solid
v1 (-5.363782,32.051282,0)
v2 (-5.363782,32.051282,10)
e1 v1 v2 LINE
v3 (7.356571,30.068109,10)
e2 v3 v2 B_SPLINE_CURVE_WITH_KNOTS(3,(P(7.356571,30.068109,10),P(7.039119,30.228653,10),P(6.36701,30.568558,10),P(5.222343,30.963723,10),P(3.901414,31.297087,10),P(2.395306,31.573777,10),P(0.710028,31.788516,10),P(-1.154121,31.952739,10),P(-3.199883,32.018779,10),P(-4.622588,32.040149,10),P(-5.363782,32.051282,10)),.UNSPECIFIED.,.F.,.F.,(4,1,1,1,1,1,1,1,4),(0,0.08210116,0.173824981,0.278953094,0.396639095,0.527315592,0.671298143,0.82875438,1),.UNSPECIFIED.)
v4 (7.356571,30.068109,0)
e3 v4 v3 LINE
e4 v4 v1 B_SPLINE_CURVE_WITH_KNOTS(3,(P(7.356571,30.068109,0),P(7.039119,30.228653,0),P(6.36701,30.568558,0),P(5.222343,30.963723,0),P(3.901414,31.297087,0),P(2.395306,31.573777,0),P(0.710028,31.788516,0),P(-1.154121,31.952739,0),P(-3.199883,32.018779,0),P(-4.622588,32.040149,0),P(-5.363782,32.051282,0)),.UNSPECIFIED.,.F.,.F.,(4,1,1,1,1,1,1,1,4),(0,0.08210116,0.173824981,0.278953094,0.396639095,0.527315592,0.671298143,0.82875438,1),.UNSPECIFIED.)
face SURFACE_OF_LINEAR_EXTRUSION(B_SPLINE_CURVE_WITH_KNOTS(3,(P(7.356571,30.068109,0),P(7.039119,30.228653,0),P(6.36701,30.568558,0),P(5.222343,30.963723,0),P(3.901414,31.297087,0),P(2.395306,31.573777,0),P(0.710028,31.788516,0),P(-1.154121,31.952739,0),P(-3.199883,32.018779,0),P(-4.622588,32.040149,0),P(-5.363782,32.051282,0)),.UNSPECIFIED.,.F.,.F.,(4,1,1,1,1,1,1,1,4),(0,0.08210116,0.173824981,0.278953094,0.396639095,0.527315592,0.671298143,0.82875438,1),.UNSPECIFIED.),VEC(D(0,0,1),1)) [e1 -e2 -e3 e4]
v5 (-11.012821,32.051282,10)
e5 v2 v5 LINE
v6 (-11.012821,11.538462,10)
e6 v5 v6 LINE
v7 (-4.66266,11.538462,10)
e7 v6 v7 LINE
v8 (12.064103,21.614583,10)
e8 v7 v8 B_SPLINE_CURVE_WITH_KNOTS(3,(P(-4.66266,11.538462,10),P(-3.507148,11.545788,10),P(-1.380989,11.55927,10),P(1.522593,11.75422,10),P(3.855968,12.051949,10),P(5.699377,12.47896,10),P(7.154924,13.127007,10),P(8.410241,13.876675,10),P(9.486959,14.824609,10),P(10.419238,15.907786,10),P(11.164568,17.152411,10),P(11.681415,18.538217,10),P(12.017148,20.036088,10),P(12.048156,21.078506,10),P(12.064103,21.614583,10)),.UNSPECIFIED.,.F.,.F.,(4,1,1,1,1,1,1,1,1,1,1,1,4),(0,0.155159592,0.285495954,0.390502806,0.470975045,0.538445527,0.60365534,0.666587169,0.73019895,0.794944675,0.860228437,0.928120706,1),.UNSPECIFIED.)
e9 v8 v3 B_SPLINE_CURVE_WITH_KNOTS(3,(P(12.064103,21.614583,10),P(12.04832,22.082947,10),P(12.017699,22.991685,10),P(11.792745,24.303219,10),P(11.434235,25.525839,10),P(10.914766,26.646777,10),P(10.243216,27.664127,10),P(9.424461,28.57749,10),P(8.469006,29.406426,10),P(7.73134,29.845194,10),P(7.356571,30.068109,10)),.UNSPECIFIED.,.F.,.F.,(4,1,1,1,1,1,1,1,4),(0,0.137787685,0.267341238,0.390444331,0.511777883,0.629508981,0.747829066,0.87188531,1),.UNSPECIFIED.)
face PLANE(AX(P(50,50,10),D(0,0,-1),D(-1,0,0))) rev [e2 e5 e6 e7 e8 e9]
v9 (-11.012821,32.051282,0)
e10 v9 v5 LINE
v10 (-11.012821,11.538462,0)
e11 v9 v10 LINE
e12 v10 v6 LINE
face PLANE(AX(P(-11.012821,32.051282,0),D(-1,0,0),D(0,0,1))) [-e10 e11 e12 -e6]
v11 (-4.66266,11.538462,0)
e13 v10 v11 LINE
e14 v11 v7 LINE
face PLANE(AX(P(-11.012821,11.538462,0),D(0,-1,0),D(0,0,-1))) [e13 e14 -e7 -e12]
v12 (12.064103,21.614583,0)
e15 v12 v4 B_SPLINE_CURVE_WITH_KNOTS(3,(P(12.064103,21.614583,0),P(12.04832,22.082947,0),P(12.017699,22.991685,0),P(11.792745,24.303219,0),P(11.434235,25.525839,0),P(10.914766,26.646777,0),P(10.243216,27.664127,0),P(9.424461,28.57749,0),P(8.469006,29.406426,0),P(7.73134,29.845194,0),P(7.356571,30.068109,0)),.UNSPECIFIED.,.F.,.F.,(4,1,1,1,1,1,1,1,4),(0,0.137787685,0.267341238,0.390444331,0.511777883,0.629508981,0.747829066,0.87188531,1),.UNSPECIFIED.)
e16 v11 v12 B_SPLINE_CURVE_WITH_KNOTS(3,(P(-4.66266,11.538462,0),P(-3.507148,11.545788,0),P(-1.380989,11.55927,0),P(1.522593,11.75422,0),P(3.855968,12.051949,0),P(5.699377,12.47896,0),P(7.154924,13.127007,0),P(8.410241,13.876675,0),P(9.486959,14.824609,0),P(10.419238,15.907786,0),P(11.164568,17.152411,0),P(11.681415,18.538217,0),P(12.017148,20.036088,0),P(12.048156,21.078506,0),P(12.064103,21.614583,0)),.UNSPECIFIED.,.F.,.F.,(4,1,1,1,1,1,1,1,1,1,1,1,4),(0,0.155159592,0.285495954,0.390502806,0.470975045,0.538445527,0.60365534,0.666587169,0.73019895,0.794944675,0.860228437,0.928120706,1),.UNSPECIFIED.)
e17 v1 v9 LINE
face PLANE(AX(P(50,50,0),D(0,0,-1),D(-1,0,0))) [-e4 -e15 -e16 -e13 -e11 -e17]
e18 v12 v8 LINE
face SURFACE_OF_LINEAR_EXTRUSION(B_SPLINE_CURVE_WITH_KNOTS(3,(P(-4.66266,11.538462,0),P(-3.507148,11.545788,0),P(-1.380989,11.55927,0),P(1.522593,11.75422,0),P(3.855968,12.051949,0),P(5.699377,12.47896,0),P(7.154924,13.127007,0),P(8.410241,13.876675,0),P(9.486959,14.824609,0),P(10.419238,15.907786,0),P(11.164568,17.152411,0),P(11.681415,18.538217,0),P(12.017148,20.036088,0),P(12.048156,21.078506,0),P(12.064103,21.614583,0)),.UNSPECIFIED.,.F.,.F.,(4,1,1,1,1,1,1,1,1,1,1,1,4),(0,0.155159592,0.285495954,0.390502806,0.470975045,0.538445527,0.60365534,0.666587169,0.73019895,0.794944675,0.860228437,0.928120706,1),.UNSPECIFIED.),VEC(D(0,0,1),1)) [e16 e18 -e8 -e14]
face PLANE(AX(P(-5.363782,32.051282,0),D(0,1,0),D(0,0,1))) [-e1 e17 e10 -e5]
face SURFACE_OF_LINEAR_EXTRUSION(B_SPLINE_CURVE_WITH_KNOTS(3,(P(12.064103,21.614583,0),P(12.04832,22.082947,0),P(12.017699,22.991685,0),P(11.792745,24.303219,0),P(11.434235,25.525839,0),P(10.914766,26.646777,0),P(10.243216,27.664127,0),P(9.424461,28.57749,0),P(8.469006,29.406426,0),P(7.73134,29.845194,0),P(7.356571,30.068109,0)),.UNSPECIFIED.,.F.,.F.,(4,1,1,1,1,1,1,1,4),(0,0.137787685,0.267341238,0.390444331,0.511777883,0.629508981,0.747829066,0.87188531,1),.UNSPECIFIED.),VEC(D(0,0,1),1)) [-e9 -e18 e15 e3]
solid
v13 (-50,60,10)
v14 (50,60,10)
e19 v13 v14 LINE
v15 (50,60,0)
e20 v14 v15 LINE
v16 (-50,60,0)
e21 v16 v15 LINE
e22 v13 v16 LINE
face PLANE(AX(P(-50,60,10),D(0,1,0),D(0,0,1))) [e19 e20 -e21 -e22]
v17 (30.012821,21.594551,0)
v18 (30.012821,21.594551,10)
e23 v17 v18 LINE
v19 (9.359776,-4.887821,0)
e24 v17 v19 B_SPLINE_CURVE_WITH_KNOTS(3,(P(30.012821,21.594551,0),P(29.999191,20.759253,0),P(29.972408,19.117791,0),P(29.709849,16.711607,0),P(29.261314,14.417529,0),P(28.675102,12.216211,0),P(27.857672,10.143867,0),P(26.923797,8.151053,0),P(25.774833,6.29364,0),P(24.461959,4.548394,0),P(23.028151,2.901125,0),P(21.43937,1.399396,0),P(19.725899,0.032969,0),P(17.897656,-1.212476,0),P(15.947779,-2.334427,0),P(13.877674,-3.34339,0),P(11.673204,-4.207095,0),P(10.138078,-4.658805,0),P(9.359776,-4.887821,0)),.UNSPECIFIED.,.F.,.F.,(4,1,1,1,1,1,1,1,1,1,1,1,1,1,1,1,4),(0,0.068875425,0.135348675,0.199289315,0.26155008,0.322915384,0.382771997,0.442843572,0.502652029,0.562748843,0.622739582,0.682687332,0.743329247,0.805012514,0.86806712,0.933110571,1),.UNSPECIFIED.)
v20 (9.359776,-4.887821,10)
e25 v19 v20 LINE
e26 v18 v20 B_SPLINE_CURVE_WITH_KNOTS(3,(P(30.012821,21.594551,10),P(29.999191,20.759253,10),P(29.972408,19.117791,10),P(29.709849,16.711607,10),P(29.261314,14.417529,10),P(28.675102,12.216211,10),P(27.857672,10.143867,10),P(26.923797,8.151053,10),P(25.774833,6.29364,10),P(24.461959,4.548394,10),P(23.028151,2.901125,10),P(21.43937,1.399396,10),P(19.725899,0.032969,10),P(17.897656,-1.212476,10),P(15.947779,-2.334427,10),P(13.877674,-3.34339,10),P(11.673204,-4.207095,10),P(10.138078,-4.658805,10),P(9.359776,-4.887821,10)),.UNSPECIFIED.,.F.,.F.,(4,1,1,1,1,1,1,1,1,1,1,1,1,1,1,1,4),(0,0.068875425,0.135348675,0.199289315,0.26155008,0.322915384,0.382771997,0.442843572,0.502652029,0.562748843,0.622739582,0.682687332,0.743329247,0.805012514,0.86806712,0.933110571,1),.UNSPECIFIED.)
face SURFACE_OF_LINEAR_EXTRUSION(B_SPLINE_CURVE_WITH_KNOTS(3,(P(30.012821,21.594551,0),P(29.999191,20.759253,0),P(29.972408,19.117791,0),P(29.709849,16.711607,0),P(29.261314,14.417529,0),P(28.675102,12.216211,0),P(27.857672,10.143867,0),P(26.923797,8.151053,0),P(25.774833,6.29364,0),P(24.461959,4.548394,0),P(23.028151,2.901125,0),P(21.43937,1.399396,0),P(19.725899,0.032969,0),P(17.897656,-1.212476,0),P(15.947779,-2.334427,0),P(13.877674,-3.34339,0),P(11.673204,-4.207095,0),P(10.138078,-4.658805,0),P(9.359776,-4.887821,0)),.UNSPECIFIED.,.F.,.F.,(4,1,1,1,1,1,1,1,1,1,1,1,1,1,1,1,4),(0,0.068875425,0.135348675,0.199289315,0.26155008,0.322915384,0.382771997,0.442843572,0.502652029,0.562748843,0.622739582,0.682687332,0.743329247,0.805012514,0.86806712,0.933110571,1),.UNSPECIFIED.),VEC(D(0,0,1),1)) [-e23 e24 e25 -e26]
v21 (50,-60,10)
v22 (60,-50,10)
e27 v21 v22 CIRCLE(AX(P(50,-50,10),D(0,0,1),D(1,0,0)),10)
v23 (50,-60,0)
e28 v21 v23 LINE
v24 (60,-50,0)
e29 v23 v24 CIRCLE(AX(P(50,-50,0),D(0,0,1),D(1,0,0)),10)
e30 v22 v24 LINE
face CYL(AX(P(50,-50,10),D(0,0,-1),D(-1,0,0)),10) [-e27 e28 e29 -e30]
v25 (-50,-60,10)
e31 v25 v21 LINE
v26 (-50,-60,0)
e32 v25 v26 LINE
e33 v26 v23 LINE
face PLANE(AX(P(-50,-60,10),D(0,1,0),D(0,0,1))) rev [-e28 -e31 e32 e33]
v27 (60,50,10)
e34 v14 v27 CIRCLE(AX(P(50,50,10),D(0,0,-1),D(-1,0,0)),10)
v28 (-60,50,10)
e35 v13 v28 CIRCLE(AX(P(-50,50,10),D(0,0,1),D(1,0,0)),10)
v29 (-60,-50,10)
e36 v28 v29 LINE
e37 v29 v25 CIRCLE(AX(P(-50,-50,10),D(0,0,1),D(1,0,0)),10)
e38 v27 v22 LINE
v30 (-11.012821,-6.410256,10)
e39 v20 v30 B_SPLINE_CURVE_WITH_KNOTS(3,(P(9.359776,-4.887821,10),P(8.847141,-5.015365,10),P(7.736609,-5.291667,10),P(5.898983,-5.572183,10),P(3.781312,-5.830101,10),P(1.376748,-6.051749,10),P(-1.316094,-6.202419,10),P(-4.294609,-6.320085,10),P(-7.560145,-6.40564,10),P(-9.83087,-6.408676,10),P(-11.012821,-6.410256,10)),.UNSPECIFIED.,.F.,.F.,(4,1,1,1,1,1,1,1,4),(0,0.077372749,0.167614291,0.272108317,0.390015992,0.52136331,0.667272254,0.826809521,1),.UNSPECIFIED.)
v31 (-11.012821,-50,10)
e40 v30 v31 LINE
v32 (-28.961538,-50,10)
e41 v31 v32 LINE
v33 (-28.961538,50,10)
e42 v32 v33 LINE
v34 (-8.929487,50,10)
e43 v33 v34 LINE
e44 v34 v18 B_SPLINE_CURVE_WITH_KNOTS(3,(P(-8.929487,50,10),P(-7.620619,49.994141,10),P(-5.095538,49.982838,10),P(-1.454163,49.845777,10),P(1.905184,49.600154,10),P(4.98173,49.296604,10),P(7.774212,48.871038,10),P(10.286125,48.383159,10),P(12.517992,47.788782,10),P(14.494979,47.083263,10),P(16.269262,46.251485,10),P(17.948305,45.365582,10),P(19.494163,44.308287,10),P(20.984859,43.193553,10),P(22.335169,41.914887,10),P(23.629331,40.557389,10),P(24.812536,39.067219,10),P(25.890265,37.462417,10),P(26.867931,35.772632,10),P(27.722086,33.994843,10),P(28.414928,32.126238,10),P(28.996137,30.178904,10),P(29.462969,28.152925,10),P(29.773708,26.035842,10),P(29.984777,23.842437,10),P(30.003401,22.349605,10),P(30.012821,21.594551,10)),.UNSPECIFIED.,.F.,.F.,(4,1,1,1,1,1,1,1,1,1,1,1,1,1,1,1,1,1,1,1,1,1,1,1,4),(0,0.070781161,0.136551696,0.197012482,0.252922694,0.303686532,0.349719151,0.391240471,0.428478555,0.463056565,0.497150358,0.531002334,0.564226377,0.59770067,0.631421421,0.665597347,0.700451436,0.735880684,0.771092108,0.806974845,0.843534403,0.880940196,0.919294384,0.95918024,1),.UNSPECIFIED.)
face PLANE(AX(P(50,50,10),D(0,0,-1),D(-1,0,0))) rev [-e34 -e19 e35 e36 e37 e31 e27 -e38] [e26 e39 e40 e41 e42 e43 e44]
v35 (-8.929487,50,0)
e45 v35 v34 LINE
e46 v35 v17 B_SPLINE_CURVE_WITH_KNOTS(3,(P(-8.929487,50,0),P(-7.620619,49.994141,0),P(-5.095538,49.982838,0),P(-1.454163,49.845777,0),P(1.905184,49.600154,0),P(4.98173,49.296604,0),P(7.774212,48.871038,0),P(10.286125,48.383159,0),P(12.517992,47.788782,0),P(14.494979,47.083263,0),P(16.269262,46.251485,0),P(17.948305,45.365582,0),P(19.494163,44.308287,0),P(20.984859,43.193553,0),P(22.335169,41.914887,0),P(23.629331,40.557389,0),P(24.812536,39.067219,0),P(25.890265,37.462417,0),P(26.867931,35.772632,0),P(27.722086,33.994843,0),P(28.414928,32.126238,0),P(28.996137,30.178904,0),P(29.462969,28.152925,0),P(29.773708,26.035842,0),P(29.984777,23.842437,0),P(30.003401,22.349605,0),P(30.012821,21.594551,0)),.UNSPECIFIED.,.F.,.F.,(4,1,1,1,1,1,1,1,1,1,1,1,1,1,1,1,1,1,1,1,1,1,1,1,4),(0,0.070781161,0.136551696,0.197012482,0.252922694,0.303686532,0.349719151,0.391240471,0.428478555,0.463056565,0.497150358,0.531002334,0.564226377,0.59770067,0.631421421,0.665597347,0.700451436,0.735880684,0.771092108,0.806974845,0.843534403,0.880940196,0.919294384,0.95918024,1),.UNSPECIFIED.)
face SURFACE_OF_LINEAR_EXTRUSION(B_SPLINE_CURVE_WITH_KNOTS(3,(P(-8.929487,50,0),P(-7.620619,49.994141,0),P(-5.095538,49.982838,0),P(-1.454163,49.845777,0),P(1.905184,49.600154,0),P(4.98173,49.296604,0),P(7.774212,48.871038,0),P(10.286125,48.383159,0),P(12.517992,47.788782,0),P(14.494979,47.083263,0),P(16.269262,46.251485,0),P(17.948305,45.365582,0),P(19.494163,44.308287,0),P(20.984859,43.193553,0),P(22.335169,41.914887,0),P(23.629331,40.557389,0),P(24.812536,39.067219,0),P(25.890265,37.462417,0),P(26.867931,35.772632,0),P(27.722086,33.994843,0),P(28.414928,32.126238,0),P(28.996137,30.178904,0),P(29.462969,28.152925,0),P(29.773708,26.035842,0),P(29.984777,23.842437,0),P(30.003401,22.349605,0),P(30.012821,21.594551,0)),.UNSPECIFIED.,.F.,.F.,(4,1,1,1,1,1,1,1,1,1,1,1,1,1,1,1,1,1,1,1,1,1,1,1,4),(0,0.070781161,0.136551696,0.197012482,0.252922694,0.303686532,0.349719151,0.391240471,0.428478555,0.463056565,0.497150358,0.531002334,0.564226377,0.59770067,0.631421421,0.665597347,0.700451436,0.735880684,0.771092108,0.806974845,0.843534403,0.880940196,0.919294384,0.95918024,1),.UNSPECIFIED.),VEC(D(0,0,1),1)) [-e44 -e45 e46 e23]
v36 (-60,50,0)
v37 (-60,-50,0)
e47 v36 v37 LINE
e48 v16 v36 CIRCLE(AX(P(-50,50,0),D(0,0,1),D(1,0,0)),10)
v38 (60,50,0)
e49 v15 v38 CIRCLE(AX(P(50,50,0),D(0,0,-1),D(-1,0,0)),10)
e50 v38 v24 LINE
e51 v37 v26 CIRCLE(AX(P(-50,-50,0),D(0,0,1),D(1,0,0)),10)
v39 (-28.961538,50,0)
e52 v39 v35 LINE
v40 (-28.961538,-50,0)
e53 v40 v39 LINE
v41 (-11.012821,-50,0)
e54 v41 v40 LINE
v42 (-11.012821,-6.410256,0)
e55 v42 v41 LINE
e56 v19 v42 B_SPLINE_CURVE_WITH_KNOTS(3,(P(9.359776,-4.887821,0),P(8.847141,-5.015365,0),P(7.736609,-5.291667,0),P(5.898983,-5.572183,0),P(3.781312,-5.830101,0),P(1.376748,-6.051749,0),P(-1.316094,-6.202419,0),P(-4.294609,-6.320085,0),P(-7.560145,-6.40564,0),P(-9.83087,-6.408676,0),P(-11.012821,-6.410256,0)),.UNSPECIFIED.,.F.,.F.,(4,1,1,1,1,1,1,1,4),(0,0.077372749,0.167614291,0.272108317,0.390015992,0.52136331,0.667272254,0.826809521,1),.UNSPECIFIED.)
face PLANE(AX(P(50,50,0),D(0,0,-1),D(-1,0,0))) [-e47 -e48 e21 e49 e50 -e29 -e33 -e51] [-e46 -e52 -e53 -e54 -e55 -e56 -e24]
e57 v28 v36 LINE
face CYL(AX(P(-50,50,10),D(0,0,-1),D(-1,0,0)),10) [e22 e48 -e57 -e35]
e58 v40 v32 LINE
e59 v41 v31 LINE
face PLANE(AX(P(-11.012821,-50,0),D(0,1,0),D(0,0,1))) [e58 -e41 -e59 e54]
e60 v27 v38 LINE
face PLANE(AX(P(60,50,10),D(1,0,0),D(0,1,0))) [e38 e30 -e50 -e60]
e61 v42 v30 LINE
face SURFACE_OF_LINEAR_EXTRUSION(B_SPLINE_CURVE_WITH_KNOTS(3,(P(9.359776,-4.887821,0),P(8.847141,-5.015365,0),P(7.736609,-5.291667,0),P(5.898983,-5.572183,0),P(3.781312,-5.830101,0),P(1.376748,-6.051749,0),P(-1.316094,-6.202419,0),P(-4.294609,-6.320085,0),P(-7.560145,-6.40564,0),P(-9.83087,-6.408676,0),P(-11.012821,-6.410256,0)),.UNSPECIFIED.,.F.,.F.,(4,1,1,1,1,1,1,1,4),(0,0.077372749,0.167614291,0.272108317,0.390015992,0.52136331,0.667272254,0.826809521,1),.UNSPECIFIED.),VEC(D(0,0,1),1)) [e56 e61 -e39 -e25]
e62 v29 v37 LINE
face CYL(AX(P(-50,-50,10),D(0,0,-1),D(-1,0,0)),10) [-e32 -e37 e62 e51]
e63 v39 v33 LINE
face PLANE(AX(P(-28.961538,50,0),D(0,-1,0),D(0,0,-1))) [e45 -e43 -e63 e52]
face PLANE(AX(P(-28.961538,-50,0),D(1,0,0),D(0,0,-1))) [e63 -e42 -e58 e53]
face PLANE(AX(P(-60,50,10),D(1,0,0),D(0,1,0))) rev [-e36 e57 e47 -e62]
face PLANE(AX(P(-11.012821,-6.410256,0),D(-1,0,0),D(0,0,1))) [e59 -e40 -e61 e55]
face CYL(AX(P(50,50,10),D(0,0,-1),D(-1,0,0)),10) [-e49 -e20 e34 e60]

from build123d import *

# Parameters (mm, degrees)
BOSS_EXTRUDE1_DEPTH = 10
CUT_EXTRUDE29_DEPTH = 10


with BuildPart() as part:
    # Sketch1 → Boss-Extrude1 (new body)
    with BuildSketch(Plane.XY):
        with BuildLine():
            Line((-50, 60), (50, 60))
            ThreePointArc((50, 60), (57.071067812, 57.071067812), (60, 50))
            Line((60, 50), (60, -50))
            ThreePointArc((60, -50), (57.071067812, -57.071067812), (50, -60))
            Line((50, -60), (-50, -60))
            ThreePointArc((-50, -60), (-57.071067812, -57.071067812), (-60, -50))
            Line((-60, -50), (-60, 50))
            ThreePointArc((-60, 50), (-57.071067812, 57.071067812), (-50, 60))
        make_face()
    extrude(amount=BOSS_EXTRUDE1_DEPTH)

    # Sketch2 → Cut-Extrude29 (cut)
    with BuildSketch(Plane.XY.offset(10)):
        with BuildLine():
            Line((-28.961538462, 50), (-8.929487179, 50))
            add(Edge.make_bspline(
                [(-8.929487179, 50), (-7.620618936, 49.994141227), (-5.095537738, 49.982838426), (-1.454162904, 49.845776931), (1.905183672, 49.600154382), (4.981730185, 49.296603755), (7.774211636, 48.871037587), (10.286125049, 48.383159297), (12.517991706, 47.788781545), (14.494979223, 47.083263391), (16.269261659, 46.251485051), (17.948305103, 45.365581747), (19.494162988, 44.308287399), (20.984859429, 43.193552701), (22.335168741, 41.914887476), (23.629331304, 40.557388751), (24.812535801, 39.067219241), (25.890264764, 37.462417049), (26.867930999, 35.772632056), (27.722085625, 33.994843429), (28.414928025, 32.126238002), (28.996136647, 30.178903528), (29.462969075, 28.152924877), (29.7737076, 26.035842099), (29.984776838, 23.842437471), (30.003400784, 22.349604897), (30.012820513, 21.594551282)],
                knots=[0, 0, 0, 0, 1.698747864, 3.27724071, 4.728299578, 6.070144658, 7.288476769, 8.393259625, 9.389771311, 10.283485332, 11.113357557, 11.931608583, 12.74405601, 13.541433047, 14.344816069, 15.154114104, 15.974336324, 16.810834471, 17.661136416, 18.50621059, 19.367396281, 20.244825668, 21.142564693, 22.063065223, 23.020325768, 24, 24, 24, 24], degree=3))
            add(Edge.make_bspline(
                [(30.012820513, 21.594551282), (29.999191345, 20.759253445), (29.972408355, 19.117790551), (29.709848746, 16.711607332), (29.261313979, 14.417529485), (28.6751025, 12.216210642), (27.857672281, 10.143867376), (26.923796642, 8.151052942), (25.77483339, 6.293639738), (24.461959194, 4.548393764), (23.028150794, 2.901125345), (21.439369639, 1.399396242), (19.725898582, 0.03296922), (17.897656293, -1.212475984), (15.947779001, -2.334427029), (13.877673639, -3.343389794), (11.673204355, -4.207094523), (10.13807827, -4.658805102), (9.359775641, -4.887820513)],
                knots=[0, 0, 0, 0, 1.102006807, 2.165578795, 3.188629044, 4.184801286, 5.166646146, 6.124351954, 7.085497154, 8.042432466, 9.003981491, 9.963833307, 10.922997304, 11.89326795, 12.880200226, 13.889073926, 14.929769137, 16, 16, 16, 16], degree=3))
            add(Edge.make_bspline(
                [(9.359775641, -4.887820513), (8.847140758, -5.015364901), (7.736608523, -5.291667119), (5.898982698, -5.572183219), (3.781311876, -5.830100526), (1.376748242, -6.051749227), (-1.316094491, -6.202418697), (-4.294608949, -6.320084852), (-7.560144946, -6.405640299), (-9.830869546, -6.408676181), (-11.012820513, -6.41025641)],
                knots=[0, 0, 0, 0, 0.618981996, 1.340914327, 2.176866532, 3.120127938, 4.170906482, 5.338178032, 6.614476169, 8, 8, 8, 8], degree=3))
            Line((-11.012820513, -6.41025641), (-11.012820513, -50))
            Line((-11.012820513, -50), (-28.961538462, -50))
            Line((-28.961538462, -50), (-28.961538462, 50))
        make_face()
        with BuildLine():
            Line((-11.012820513, 11.538461538), (-4.662660256, 11.538461538))
            add(Edge.make_bspline(
                [(-4.662660256, 11.538461538), (-3.507148343, 11.545788381), (-1.380989256, 11.55926988), (1.522593241, 11.75422019), (3.855967987, 12.051948691), (5.699377367, 12.478960217), (7.154923674, 13.127006749), (8.410241237, 13.876674553), (9.486959158, 14.824608912), (10.419238402, 15.907786113), (11.16456756, 17.152411006), (11.681414511, 18.538217292), (12.017148129, 20.036087696), (12.048156247, 21.078506356), (12.064102564, 21.614583333)],
                knots=[0, 0, 0, 0, 1.8619151, 3.425951444, 4.686033666, 5.651700536, 6.461346321, 7.243864085, 7.999046032, 8.762387399, 9.539336099, 10.322741239, 11.137448474, 12, 12, 12, 12], degree=3))
            add(Edge.make_bspline(
                [(12.064102564, 21.614583333), (12.048320277, 22.082946807), (12.017698846, 22.991684556), (11.792745473, 24.30321853), (11.434234506, 25.525838751), (10.914765898, 26.646776569), (10.243215991, 27.664127333), (9.424460756, 28.577490271), (8.469006429, 29.406425825), (7.731339827, 29.845194075), (7.356570513, 30.068108974)],
                knots=[0, 0, 0, 0, 1.102301479, 2.1387299, 3.123554645, 4.094223062, 5.036071848, 5.982632524, 6.975082478, 8, 8, 8, 8], degree=3))
            add(Edge.make_bspline(
                [(7.356570513, 30.068108974), (7.03911927, 30.228653171), (6.367009937, 30.568558133), (5.222342581, 30.963722505), (3.901413931, 31.297087184), (2.39530623, 31.573776649), (0.710027777, 31.788516408), (-1.154120751, 31.952738604), (-3.19988262, 32.018778746), (-4.622587592, 32.040148784), (-5.363782051, 32.051282051)],
                knots=[0, 0, 0, 0, 0.656809284, 1.390599849, 2.23162475, 3.173112763, 4.218524733, 5.370385145, 6.63003504, 8, 8, 8, 8], degree=3))
            Line((-5.363782051, 32.051282051), (-11.012820513, 32.051282051))
            Line((-11.012820513, 32.051282051), (-11.012820513, 11.538461538))
        make_face(mode=Mode.SUBTRACT)
    extrude(amount=-CUT_EXTRUDE29_DEPTH, mode=Mode.SUBTRACT)


with BuildPart() as cut_extrude29_piece_1:
    # of the separate pieces the step leaves, piece 1, a body of its own (cut_extrude29_pieces)
    add(part.part.solids().sort_by_distance((-50, 60, 0))[0])


with BuildPart() as cut_extrude29_piece_2:
    # of the separate pieces the step leaves, piece 2, a body of its own (cut_extrude29_pieces)
    add(part.part.solids().sort_by_distance((-11.012820513, 11.538461538, 0))[0])


solid = Compound([cut_extrude29_piece_1.part, cut_extrude29_piece_2.part])
